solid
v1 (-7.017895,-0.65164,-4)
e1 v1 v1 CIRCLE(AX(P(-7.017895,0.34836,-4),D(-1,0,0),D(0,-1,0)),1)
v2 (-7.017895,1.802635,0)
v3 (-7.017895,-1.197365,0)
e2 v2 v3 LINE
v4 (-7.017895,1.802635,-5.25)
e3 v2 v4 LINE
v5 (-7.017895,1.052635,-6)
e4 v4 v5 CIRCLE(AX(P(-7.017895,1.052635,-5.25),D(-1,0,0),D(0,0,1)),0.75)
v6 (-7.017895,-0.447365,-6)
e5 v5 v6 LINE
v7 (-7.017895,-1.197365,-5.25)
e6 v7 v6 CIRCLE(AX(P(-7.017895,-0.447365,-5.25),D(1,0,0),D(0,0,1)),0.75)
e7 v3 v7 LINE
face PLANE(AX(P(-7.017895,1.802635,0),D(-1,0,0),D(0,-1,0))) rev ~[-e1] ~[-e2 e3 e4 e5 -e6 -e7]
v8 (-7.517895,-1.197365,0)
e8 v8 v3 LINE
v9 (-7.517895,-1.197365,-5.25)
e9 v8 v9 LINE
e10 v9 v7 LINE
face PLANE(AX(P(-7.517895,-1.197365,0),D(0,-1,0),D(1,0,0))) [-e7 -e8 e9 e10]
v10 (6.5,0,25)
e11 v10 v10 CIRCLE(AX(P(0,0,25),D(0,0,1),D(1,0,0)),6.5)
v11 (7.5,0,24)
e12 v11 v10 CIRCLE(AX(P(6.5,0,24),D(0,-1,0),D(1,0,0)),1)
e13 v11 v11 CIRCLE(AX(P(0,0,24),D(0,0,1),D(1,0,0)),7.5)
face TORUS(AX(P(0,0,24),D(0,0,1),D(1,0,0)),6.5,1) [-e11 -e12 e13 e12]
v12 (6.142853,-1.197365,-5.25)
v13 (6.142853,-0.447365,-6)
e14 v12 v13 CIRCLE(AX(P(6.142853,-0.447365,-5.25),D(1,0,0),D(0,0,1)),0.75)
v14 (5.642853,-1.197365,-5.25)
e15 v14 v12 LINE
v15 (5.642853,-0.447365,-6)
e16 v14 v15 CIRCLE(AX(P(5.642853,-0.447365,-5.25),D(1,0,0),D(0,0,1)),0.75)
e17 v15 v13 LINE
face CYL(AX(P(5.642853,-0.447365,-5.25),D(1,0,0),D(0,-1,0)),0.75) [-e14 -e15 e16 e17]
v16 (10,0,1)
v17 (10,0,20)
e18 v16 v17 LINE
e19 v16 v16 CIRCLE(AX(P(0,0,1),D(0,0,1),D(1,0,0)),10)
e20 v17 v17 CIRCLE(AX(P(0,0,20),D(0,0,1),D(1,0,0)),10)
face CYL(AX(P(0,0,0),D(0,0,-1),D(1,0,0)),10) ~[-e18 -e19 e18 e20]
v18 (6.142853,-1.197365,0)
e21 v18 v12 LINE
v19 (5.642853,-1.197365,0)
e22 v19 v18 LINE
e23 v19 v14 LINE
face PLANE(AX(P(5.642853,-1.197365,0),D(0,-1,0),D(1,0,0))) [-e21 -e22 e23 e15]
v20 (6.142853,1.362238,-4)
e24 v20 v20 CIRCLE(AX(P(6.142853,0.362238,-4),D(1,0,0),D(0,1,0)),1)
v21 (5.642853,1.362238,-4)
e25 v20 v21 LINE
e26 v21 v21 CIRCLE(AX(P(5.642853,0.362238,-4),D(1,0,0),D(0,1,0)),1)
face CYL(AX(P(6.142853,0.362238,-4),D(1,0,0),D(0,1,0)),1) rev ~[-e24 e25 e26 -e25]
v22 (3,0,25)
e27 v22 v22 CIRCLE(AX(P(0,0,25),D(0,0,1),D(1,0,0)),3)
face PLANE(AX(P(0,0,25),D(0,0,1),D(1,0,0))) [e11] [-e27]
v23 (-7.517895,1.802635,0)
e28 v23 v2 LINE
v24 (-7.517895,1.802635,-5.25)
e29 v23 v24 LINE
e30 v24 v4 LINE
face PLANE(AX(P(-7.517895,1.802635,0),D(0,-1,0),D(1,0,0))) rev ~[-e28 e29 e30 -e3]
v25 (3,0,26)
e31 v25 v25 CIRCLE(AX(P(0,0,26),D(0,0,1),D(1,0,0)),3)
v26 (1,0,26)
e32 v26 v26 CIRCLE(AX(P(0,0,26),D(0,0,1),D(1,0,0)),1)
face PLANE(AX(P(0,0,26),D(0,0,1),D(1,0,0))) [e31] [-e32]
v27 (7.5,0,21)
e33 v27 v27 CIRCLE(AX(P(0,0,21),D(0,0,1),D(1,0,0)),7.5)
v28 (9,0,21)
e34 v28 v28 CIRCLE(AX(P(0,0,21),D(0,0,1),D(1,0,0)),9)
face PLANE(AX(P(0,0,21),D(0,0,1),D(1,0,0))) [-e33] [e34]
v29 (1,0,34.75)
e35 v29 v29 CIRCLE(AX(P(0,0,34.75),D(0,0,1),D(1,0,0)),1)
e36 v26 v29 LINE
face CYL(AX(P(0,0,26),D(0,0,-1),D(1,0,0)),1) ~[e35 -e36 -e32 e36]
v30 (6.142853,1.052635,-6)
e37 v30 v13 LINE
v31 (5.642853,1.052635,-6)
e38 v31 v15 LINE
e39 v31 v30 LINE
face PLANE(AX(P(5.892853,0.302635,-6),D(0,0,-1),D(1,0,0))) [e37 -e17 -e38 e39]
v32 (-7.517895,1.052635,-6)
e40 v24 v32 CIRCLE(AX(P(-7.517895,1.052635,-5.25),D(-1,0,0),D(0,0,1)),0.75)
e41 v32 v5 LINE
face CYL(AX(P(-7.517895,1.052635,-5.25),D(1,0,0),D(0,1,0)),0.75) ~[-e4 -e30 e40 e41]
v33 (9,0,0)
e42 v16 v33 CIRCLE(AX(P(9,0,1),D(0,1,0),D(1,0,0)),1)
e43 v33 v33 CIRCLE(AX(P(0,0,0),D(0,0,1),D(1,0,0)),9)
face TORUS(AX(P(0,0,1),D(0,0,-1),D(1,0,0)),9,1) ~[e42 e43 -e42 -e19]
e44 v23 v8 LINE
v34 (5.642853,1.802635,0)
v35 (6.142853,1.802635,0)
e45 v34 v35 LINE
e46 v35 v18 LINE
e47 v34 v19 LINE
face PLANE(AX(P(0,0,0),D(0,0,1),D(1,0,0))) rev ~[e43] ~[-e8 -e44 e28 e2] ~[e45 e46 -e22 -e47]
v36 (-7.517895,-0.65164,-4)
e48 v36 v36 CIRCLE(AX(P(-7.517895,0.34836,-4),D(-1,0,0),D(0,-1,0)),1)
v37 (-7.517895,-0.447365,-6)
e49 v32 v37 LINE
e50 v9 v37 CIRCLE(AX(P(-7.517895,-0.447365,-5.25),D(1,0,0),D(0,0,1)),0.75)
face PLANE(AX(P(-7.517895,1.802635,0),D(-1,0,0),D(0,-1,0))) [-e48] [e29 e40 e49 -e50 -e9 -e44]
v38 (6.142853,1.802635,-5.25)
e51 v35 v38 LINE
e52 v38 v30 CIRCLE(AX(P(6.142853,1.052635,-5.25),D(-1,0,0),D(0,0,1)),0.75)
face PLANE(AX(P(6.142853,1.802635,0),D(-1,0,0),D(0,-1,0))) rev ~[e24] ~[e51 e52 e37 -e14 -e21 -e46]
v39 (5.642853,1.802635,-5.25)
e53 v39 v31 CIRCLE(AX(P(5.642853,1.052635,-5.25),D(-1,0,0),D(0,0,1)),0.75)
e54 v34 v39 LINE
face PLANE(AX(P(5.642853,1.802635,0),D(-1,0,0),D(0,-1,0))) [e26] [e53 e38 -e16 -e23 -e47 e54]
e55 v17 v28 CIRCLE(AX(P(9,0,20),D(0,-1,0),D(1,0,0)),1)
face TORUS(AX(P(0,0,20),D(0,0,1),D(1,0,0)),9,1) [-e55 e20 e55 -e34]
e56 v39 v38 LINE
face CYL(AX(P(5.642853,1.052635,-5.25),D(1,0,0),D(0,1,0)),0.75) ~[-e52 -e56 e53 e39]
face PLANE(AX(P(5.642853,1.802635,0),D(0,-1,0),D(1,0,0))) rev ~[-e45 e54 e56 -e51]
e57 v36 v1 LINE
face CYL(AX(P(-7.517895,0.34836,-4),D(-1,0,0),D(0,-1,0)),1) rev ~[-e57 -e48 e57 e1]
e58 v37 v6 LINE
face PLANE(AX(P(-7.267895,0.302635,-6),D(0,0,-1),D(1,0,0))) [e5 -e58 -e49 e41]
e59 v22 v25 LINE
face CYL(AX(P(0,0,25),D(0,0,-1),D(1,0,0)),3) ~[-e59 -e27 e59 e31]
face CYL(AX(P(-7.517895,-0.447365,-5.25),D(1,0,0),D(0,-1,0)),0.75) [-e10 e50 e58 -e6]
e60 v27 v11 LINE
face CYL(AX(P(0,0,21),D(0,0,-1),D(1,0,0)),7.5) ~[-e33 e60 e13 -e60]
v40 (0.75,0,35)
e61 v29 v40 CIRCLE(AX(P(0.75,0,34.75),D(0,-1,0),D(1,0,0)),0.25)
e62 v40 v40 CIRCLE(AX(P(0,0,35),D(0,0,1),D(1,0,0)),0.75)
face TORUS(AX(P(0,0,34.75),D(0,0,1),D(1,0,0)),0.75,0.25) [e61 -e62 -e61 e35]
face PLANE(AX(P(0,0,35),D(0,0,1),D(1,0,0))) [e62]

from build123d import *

# Parameters (mm, degrees)
F0_R      = 10
F1_DEPTH  = 21
F2_R      = 7.5
F3_DEPTH  = 4
F4_R      = 3
F5_DEPTH  = 1
F6_R      = 1
F7_R      = 1
F8_R      = 1
F9_R      = 1
F10_DEPTH = 9
F11_R     = 0.25
F12_W     = 0.5
F12_H     = 3
F13_DEPTH = 6
F14_R     = 1
F15_DEPTH = 3
F16_R     = 1
F17_DEPTH = 3
F18_R     = 0.75
F19_R     = 0.75


with BuildPart() as f1:
    # F0 (on Top) → F1 (new body)
    with BuildSketch(Plane.XY):
        Circle(F0_R)
    extrude(amount=F1_DEPTH)

    # F2 (on face) → F3 (join)
    with BuildSketch(Plane.XY.offset(21)):
        Circle(F2_R)
    extrude(amount=F3_DEPTH)

    # F4 (on face) → F5 (join)
    with BuildSketch(Plane.XY.offset(25)):
        Circle(F4_R)
    extrude(amount=F5_DEPTH)

    # F6
    f6_edges = [f1.edges().sort_by_distance(p)[0] for p in [
        (-10, 0, 0),
    ]]
    fillet(f6_edges, radius=F6_R)

    # F7
    f7_edges = [f1.edges().sort_by_distance(p)[0] for p in [
        (-10, 0, 21),
    ]]
    fillet(f7_edges, radius=F7_R)

    # F8
    f8_edges = [f1.edges().sort_by_distance(p)[0] for p in [
        (-7.5, 0, 25),
    ]]
    fillet(f8_edges, radius=F8_R)

    # F9 (on face) → F10 (join)
    with BuildSketch(Plane.XY.offset(26)):
        Circle(F9_R)
    extrude(amount=F10_DEPTH)

    # F11
    f11_edges = [f1.edges().sort_by_distance(p)[0] for p in [
        (-1, 0, 35),
    ]]
    fillet(f11_edges, radius=F11_R)

    # F12 (on face) → F13 (join)
    with BuildSketch(Plane(origin=(0, 0, 0), x_dir=(1, 0, 0), z_dir=(0, 0, -1))):
        with Locations((-7.267895, -0.302635)):
            Rectangle(F12_W, F12_H)
        with Locations((5.892853, -0.302635)):
            Rectangle(F12_W, F12_H)
    extrude(amount=F13_DEPTH)

    # F14 (on face) → F15 (cut)
    with BuildSketch(Plane(origin=(-7.517895, 0, 0), x_dir=(0, -1, 0), z_dir=(-1, 0, 0))):
        with Locations((-0.34836, -4)):
            Circle(F14_R)
    extrude(amount=-F15_DEPTH, mode=Mode.SUBTRACT)

    # F16 (on face) → F17 (cut)
    with BuildSketch(Plane.YZ.offset(6.142853)):
        with Locations((0.362238, -4)):
            Circle(F16_R)
    extrude(amount=-F17_DEPTH, mode=Mode.SUBTRACT)

    # F18
    f18_edges = [f1.edges().sort_by_distance(p)[0] for p in [
        (-7.267895, -1.197365, -6),
        (-7.267895, 1.802635, -6),
    ]]
    fillet(f18_edges, radius=F18_R)

    # F19
    f19_edges = [f1.edges().sort_by_distance(p)[0] for p in [
        (5.892853, -1.197365, -6),
        (5.892853, 1.802635, -6),
    ]]
    fillet(f19_edges, radius=F19_R)


solid = f1.part
